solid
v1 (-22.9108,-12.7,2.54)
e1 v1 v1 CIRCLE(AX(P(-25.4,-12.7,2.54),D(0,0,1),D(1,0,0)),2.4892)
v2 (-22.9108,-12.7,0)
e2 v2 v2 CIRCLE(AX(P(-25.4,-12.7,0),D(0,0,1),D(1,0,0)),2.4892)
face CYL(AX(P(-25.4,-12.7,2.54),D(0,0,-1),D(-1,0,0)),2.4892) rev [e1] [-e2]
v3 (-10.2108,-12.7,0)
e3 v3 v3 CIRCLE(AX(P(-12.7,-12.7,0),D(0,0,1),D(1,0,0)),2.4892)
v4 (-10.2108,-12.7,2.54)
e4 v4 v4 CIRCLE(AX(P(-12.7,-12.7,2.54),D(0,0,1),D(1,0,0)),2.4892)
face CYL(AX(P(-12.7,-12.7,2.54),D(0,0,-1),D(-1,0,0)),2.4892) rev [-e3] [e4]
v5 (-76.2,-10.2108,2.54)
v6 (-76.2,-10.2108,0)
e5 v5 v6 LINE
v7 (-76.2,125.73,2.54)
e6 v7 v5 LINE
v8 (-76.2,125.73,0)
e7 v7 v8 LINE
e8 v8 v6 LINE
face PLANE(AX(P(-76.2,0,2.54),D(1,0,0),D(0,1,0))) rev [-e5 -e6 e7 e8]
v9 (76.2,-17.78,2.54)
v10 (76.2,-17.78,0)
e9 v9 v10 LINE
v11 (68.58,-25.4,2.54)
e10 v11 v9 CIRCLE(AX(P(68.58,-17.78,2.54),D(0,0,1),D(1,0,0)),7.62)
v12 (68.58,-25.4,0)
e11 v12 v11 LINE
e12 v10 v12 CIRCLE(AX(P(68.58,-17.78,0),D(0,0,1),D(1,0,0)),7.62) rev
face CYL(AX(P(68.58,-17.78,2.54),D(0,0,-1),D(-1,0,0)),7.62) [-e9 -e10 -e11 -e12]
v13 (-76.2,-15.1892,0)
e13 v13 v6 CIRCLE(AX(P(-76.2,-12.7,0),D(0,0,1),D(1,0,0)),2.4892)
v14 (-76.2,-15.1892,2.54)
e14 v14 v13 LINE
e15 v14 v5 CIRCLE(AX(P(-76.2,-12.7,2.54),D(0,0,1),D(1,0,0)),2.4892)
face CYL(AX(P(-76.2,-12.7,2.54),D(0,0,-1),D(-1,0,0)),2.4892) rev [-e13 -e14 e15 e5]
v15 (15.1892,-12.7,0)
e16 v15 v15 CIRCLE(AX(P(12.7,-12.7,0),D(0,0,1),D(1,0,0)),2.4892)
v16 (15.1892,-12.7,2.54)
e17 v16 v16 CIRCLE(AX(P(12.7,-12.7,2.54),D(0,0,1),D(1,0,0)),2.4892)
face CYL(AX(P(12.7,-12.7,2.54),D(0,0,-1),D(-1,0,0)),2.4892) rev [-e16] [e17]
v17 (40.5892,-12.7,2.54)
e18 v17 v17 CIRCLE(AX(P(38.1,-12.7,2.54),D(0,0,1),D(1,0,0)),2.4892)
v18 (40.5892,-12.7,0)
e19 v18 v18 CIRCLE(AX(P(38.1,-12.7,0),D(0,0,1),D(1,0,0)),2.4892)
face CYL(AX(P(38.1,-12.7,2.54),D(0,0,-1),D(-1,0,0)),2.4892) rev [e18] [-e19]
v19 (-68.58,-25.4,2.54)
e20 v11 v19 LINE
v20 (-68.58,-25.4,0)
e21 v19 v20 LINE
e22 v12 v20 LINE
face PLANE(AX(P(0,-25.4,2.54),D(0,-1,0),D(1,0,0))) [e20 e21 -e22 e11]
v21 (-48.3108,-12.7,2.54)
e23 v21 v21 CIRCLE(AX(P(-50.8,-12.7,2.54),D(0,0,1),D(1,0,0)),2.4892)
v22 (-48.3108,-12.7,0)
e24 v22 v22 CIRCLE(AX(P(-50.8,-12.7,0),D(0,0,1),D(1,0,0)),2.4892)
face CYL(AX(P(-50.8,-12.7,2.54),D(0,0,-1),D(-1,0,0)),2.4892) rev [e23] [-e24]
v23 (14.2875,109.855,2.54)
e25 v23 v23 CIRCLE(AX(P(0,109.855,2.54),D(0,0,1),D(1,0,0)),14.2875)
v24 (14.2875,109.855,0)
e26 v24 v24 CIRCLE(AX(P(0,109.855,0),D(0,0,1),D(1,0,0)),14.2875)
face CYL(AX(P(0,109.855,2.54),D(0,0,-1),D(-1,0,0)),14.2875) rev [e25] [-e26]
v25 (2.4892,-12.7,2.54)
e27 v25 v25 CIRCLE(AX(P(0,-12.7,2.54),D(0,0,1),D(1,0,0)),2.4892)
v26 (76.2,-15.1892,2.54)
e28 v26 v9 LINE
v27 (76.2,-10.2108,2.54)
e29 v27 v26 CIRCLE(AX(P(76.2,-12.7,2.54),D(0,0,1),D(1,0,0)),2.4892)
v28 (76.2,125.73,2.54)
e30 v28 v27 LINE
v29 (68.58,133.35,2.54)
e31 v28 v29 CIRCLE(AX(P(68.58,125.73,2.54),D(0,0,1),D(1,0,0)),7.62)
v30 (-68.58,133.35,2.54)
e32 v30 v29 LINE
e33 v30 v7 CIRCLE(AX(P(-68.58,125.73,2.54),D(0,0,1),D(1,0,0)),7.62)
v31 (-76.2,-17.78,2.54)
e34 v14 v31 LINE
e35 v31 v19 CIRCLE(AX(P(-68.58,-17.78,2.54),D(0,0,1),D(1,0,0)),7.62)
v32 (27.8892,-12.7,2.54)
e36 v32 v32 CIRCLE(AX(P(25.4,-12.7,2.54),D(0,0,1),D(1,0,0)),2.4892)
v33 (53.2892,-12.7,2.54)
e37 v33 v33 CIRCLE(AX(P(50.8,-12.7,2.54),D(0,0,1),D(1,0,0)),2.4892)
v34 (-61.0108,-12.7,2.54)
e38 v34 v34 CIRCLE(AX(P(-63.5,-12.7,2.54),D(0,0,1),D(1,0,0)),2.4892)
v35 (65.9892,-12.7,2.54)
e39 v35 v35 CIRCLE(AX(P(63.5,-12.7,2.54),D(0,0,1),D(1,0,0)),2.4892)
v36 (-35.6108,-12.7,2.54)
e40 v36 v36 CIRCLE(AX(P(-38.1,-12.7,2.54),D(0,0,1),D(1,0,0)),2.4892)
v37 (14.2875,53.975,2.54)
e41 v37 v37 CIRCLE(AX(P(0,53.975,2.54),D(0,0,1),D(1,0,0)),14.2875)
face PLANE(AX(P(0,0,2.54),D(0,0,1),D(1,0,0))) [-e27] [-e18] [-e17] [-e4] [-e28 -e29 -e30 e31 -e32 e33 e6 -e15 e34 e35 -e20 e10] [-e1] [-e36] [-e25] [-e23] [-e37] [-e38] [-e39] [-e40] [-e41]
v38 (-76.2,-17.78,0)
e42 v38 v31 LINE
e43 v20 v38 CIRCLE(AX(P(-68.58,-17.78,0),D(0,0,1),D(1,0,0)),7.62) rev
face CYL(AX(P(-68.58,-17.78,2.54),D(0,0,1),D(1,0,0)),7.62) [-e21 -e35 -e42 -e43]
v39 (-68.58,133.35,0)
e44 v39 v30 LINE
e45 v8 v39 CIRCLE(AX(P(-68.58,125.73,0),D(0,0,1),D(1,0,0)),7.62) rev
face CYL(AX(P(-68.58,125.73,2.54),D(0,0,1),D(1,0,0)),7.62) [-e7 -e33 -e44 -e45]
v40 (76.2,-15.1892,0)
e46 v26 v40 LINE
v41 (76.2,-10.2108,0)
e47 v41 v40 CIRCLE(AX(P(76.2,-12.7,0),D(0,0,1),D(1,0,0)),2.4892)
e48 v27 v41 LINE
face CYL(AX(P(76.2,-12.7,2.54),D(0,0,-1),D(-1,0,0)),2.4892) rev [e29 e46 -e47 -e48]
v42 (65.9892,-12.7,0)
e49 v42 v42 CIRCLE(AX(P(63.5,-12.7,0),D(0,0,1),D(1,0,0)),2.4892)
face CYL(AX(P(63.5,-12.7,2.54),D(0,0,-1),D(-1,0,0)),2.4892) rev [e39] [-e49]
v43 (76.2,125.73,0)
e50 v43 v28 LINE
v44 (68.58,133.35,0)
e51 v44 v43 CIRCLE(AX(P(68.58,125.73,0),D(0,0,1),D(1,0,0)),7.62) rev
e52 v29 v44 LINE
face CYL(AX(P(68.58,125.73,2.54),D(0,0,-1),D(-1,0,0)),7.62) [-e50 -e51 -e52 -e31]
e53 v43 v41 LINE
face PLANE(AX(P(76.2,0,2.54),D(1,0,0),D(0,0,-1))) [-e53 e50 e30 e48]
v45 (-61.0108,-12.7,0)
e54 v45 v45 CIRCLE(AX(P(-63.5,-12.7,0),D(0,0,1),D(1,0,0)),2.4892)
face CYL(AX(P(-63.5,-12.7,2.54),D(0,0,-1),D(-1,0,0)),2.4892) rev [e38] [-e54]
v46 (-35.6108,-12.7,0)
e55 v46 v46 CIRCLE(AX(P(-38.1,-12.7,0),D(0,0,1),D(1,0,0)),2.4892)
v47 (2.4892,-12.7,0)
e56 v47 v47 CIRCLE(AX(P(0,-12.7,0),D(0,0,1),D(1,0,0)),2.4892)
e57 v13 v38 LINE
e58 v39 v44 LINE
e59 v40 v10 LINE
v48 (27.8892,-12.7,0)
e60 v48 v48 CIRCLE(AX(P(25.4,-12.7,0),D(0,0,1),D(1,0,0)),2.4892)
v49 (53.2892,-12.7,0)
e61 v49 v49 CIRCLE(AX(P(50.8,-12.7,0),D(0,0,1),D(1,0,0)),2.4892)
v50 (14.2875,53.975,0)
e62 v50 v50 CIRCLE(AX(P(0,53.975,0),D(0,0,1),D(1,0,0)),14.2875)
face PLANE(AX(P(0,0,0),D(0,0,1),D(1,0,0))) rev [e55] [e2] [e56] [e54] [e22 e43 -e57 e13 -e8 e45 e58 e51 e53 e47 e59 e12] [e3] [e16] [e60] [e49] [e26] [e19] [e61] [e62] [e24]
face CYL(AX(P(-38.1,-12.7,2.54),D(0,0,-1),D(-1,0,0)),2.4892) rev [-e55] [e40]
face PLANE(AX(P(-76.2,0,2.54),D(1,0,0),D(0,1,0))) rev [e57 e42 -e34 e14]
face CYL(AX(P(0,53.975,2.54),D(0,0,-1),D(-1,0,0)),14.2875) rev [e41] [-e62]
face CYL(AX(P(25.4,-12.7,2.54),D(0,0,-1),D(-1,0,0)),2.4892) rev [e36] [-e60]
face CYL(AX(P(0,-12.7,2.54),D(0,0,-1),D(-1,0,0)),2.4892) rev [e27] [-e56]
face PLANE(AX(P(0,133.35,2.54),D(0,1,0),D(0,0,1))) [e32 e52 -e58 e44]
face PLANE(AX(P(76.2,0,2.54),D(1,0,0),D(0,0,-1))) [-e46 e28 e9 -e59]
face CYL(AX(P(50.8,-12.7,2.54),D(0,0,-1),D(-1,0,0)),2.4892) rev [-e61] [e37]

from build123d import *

# Parameters (mm, degrees)
SKETCH1_R           = 14.2875
SKETCH1_R_2         = 2.4892
BOSS_EXTRUDE1_DEPTH = 2.54
FILLET1_R           = 7.62


with BuildPart() as part:
    # Sketch1 → Boss-Extrude1 (new body)
    with BuildSketch(Plane.XY):
        with BuildLine():
            Line((-76.2, -15.1892), (-76.2, -25.4))
            Line((-76.2, -25.4), (76.2, -25.4))
            Line((76.2, -25.4), (76.2, -15.1892))
            ThreePointArc((76.2, -15.1892), (73.7108, -12.7), (76.2, -10.2108))
            Line((76.2, -10.2108), (76.2, 133.35))
            Line((76.2, 133.35), (-76.2, 133.35))
            Line((-76.2, 133.35), (-76.2, -10.2108))
            ThreePointArc((-76.2, -10.2108), (-73.7108, -12.7), (-76.2, -15.1892))
        make_face()
        with Locations((0, 53.975)):
            Circle(SKETCH1_R, mode=Mode.SUBTRACT)
        with Locations((-63.5, -12.7)):
            Circle(SKETCH1_R_2, mode=Mode.SUBTRACT)
        with Locations((-50.8, -12.7)):
            Circle(SKETCH1_R_2, mode=Mode.SUBTRACT)
        with Locations((-38.1, -12.7)):
            Circle(SKETCH1_R_2, mode=Mode.SUBTRACT)
        with Locations((-25.4, -12.7)):
            Circle(SKETCH1_R_2, mode=Mode.SUBTRACT)
        with Locations((-12.7, -12.7)):
            Circle(SKETCH1_R_2, mode=Mode.SUBTRACT)
        with Locations((0, -12.7)):
            Circle(SKETCH1_R_2, mode=Mode.SUBTRACT)
        with Locations((12.7, -12.7)):
            Circle(SKETCH1_R_2, mode=Mode.SUBTRACT)
        with Locations((25.4, -12.7)):
            Circle(SKETCH1_R_2, mode=Mode.SUBTRACT)
        with Locations((38.1, -12.7)):
            Circle(SKETCH1_R_2, mode=Mode.SUBTRACT)
        with Locations((50.8, -12.7)):
            Circle(SKETCH1_R_2, mode=Mode.SUBTRACT)
        with Locations((63.5, -12.7)):
            Circle(SKETCH1_R_2, mode=Mode.SUBTRACT)
        with Locations((0, 109.855)):
            Circle(SKETCH1_R, mode=Mode.SUBTRACT)
    extrude(amount=BOSS_EXTRUDE1_DEPTH)

    # Fillet1
    fillet1_edges = [part.edges().sort_by_distance(p)[0] for p in [
        (76.2, -25.4, 1.27),
        (-76.2, -25.4, 1.27),
        (-76.2, 133.35, 1.27),
        (76.2, 133.35, 1.27),
    ]]
    fillet(fillet1_edges, radius=FILLET1_R)


solid = part.part
